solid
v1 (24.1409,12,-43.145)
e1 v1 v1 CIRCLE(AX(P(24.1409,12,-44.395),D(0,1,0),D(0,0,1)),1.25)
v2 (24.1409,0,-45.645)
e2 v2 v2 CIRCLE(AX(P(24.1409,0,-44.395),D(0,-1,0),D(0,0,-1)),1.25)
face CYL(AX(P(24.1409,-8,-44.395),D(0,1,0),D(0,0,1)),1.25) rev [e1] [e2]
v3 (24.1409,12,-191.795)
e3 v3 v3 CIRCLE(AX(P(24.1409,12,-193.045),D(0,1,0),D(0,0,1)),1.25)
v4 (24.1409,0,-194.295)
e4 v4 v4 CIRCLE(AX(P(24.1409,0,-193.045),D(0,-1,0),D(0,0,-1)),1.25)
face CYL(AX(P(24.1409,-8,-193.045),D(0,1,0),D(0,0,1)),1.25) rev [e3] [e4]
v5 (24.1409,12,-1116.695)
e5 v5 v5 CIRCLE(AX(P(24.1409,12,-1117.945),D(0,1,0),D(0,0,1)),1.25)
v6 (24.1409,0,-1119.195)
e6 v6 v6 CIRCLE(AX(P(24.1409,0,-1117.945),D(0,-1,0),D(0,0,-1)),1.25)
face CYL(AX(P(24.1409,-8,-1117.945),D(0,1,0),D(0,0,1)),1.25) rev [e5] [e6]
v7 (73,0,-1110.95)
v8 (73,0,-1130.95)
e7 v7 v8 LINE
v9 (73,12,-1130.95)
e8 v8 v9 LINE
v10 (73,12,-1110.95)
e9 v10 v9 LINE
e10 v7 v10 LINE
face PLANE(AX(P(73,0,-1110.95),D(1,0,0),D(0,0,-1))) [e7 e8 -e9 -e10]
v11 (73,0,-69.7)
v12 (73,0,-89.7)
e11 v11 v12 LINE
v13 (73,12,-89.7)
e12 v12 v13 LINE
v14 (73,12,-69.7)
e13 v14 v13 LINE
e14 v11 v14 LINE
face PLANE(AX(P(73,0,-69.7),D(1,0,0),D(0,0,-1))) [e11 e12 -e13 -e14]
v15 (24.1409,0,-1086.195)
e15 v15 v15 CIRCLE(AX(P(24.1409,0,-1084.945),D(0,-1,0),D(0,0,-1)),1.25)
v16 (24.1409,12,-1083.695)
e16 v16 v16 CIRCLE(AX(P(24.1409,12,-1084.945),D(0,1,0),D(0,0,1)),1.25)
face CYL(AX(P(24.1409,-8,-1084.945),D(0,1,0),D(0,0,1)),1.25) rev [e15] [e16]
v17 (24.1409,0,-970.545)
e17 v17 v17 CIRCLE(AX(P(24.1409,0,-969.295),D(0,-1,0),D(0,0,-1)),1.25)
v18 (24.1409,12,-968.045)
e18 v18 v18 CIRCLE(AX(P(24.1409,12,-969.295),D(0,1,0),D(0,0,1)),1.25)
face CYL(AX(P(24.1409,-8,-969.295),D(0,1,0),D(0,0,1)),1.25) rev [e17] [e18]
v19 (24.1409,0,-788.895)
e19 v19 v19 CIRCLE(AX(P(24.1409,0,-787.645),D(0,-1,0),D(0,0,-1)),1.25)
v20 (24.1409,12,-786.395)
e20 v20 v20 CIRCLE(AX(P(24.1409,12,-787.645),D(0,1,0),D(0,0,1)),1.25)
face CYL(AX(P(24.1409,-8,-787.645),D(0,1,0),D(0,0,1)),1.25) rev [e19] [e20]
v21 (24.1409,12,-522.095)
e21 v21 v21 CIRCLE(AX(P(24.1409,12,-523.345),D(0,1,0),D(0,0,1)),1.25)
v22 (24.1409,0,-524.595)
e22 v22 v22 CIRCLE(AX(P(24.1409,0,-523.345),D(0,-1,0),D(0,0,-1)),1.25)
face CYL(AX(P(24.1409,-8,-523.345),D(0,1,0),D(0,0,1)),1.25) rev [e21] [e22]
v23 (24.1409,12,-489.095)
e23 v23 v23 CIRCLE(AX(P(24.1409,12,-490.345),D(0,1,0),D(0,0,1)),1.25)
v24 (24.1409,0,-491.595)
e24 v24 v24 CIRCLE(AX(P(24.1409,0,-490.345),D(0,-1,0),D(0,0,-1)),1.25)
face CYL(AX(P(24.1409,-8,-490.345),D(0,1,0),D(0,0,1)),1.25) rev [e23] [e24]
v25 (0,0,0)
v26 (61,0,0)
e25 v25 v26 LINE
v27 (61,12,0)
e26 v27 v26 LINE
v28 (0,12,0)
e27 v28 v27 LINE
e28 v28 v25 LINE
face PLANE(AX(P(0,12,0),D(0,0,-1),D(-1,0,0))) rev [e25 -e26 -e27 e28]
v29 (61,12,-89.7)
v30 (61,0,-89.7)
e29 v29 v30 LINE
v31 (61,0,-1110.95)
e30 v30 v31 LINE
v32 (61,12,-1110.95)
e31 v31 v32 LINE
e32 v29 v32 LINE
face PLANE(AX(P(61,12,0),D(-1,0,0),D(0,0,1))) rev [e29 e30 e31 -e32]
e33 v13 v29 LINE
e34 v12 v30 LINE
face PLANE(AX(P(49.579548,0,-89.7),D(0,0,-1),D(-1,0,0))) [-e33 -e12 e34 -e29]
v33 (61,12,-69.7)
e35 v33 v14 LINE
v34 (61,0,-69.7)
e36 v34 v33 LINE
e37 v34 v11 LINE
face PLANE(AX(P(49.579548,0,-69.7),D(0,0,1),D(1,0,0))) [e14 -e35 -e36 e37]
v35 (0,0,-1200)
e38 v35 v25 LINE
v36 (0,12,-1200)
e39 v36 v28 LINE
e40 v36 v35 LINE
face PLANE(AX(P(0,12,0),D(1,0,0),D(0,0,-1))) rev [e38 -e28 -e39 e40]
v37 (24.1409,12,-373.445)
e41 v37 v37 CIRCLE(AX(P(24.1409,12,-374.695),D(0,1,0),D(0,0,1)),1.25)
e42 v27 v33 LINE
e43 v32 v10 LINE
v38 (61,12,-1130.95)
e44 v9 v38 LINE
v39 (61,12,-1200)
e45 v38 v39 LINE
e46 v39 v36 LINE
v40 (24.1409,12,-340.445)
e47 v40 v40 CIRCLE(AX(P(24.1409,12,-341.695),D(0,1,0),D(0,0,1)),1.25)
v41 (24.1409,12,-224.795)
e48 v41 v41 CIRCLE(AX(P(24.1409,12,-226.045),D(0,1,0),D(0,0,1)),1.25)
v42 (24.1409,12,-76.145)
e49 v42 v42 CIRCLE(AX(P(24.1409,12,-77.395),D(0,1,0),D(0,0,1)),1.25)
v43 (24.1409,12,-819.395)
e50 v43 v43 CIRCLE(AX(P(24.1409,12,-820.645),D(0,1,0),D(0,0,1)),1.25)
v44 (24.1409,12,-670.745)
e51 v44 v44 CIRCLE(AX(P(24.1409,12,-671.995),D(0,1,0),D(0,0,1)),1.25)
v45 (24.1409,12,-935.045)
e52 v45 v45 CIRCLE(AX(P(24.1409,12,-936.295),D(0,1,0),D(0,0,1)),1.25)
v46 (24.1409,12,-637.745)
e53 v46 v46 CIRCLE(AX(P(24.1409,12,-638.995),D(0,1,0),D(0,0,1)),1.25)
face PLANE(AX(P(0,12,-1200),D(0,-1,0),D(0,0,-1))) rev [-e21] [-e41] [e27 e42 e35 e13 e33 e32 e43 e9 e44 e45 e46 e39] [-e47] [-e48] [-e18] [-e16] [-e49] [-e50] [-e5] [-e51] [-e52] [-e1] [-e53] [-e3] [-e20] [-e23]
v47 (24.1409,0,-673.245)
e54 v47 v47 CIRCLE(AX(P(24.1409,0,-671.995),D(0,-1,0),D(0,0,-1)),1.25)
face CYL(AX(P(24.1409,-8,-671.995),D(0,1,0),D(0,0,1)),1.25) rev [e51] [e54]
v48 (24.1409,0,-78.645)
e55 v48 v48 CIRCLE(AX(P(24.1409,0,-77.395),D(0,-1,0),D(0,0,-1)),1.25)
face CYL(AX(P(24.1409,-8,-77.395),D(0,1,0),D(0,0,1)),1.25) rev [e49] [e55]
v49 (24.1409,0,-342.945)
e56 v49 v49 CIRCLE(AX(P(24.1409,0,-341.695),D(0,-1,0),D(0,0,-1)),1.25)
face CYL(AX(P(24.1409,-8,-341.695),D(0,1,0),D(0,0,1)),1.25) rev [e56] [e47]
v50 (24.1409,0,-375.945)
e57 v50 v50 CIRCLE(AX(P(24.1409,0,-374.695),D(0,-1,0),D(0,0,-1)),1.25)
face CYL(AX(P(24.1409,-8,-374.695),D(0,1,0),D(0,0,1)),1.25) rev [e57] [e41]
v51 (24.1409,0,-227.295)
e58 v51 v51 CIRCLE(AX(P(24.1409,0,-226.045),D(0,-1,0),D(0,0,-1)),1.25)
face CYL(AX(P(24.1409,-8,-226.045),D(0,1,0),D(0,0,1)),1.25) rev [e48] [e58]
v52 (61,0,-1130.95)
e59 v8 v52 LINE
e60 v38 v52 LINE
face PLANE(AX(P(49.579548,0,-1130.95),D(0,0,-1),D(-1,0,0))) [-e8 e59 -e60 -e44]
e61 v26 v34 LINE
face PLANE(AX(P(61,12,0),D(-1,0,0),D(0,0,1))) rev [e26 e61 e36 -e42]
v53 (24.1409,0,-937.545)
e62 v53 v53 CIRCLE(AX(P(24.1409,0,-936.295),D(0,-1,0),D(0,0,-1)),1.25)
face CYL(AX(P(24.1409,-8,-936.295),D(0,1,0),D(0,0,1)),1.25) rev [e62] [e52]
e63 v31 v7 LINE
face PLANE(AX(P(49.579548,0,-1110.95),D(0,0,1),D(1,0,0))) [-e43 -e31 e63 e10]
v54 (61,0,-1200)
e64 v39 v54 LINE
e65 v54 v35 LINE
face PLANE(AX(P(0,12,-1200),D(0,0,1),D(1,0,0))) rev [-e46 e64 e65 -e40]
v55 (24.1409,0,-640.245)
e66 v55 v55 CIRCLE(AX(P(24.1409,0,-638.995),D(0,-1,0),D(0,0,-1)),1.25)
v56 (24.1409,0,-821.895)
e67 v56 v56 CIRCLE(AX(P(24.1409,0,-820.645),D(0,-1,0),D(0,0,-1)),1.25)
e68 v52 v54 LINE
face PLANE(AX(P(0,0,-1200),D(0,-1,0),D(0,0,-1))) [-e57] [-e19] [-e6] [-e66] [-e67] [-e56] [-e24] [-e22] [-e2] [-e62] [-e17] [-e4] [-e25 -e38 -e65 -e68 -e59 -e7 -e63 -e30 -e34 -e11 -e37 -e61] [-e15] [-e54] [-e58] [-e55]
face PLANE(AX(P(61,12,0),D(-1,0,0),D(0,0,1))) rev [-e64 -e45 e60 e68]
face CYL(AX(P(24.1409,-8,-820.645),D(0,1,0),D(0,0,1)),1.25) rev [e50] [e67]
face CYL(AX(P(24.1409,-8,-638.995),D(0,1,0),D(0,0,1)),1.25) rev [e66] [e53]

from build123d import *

# Parameters (mm, degrees)
SKETCH1_W           = 61
SKETCH1_H           = 1200
BOSS_EXTRUDE1_DEPTH = 12
SKETCH2_R           = 1.25
CUT_EXTRUDE1_DEPTH  = 20
SKETCH3_W           = 23.420452048
SKETCH3_H           = 20
BOSS_EXTRUDE2_DEPTH = 12


with BuildPart() as part:
    # Sketch1 → Boss-Extrude1 (new body)
    with BuildSketch(Plane(origin=(0, 0, 0), x_dir=(1, 0, 0), z_dir=(0, 1, 0))):
        with Locations((30.5, 600)):
            Rectangle(SKETCH1_W, SKETCH1_H)
    extrude(amount=BOSS_EXTRUDE1_DEPTH)

    # Sketch2 → Cut-Extrude1 (cut)
    with BuildSketch(Plane(origin=(0, 12, 0), x_dir=(1, 0, 0), z_dir=(0, 1, 0))):
        with Locations((24.140899916, 77.395)):
            Circle(SKETCH2_R)
        with Locations((24.140899916, 44.395)):
            Circle(SKETCH2_R)
        with Locations((24.140899916, 226.045)):
            Circle(SKETCH2_R)
        with Locations((24.140899916, 193.045)):
            Circle(SKETCH2_R)
        with Locations((24.140899916, 374.695)):
            Circle(SKETCH2_R)
        with Locations((24.140899916, 341.695)):
            Circle(SKETCH2_R)
        with Locations((24.140899916, 523.345)):
            Circle(SKETCH2_R)
        with Locations((24.140899916, 490.345)):
            Circle(SKETCH2_R)
        with Locations((24.140899916, 671.995)):
            Circle(SKETCH2_R)
        with Locations((24.140899916, 638.995)):
            Circle(SKETCH2_R)
        with Locations((24.140899916, 820.645)):
            Circle(SKETCH2_R)
        with Locations((24.140899916, 787.645)):
            Circle(SKETCH2_R)
        with Locations((24.140899916, 969.295)):
            Circle(SKETCH2_R)
        with Locations((24.140899916, 936.295)):
            Circle(SKETCH2_R)
        with Locations((24.140899916, 1117.945)):
            Circle(SKETCH2_R)
        with Locations((24.140899916, 1084.945)):
            Circle(SKETCH2_R)
    extrude(amount=-CUT_EXTRUDE1_DEPTH, mode=Mode.SUBTRACT)

    # Sketch3 → Boss-Extrude2 (add)
    with BuildSketch(Plane(origin=(0, 12, 0), x_dir=(1, 0, 0), z_dir=(0, 1, 0))):
        with Locations((61.289773976, 79.7)):
            Rectangle(SKETCH3_W, SKETCH3_H)
        with Locations((61.289773976, 1120.95)):
            Rectangle(SKETCH3_W, SKETCH3_H)
    extrude(amount=-BOSS_EXTRUDE2_DEPTH)


solid = part.part
